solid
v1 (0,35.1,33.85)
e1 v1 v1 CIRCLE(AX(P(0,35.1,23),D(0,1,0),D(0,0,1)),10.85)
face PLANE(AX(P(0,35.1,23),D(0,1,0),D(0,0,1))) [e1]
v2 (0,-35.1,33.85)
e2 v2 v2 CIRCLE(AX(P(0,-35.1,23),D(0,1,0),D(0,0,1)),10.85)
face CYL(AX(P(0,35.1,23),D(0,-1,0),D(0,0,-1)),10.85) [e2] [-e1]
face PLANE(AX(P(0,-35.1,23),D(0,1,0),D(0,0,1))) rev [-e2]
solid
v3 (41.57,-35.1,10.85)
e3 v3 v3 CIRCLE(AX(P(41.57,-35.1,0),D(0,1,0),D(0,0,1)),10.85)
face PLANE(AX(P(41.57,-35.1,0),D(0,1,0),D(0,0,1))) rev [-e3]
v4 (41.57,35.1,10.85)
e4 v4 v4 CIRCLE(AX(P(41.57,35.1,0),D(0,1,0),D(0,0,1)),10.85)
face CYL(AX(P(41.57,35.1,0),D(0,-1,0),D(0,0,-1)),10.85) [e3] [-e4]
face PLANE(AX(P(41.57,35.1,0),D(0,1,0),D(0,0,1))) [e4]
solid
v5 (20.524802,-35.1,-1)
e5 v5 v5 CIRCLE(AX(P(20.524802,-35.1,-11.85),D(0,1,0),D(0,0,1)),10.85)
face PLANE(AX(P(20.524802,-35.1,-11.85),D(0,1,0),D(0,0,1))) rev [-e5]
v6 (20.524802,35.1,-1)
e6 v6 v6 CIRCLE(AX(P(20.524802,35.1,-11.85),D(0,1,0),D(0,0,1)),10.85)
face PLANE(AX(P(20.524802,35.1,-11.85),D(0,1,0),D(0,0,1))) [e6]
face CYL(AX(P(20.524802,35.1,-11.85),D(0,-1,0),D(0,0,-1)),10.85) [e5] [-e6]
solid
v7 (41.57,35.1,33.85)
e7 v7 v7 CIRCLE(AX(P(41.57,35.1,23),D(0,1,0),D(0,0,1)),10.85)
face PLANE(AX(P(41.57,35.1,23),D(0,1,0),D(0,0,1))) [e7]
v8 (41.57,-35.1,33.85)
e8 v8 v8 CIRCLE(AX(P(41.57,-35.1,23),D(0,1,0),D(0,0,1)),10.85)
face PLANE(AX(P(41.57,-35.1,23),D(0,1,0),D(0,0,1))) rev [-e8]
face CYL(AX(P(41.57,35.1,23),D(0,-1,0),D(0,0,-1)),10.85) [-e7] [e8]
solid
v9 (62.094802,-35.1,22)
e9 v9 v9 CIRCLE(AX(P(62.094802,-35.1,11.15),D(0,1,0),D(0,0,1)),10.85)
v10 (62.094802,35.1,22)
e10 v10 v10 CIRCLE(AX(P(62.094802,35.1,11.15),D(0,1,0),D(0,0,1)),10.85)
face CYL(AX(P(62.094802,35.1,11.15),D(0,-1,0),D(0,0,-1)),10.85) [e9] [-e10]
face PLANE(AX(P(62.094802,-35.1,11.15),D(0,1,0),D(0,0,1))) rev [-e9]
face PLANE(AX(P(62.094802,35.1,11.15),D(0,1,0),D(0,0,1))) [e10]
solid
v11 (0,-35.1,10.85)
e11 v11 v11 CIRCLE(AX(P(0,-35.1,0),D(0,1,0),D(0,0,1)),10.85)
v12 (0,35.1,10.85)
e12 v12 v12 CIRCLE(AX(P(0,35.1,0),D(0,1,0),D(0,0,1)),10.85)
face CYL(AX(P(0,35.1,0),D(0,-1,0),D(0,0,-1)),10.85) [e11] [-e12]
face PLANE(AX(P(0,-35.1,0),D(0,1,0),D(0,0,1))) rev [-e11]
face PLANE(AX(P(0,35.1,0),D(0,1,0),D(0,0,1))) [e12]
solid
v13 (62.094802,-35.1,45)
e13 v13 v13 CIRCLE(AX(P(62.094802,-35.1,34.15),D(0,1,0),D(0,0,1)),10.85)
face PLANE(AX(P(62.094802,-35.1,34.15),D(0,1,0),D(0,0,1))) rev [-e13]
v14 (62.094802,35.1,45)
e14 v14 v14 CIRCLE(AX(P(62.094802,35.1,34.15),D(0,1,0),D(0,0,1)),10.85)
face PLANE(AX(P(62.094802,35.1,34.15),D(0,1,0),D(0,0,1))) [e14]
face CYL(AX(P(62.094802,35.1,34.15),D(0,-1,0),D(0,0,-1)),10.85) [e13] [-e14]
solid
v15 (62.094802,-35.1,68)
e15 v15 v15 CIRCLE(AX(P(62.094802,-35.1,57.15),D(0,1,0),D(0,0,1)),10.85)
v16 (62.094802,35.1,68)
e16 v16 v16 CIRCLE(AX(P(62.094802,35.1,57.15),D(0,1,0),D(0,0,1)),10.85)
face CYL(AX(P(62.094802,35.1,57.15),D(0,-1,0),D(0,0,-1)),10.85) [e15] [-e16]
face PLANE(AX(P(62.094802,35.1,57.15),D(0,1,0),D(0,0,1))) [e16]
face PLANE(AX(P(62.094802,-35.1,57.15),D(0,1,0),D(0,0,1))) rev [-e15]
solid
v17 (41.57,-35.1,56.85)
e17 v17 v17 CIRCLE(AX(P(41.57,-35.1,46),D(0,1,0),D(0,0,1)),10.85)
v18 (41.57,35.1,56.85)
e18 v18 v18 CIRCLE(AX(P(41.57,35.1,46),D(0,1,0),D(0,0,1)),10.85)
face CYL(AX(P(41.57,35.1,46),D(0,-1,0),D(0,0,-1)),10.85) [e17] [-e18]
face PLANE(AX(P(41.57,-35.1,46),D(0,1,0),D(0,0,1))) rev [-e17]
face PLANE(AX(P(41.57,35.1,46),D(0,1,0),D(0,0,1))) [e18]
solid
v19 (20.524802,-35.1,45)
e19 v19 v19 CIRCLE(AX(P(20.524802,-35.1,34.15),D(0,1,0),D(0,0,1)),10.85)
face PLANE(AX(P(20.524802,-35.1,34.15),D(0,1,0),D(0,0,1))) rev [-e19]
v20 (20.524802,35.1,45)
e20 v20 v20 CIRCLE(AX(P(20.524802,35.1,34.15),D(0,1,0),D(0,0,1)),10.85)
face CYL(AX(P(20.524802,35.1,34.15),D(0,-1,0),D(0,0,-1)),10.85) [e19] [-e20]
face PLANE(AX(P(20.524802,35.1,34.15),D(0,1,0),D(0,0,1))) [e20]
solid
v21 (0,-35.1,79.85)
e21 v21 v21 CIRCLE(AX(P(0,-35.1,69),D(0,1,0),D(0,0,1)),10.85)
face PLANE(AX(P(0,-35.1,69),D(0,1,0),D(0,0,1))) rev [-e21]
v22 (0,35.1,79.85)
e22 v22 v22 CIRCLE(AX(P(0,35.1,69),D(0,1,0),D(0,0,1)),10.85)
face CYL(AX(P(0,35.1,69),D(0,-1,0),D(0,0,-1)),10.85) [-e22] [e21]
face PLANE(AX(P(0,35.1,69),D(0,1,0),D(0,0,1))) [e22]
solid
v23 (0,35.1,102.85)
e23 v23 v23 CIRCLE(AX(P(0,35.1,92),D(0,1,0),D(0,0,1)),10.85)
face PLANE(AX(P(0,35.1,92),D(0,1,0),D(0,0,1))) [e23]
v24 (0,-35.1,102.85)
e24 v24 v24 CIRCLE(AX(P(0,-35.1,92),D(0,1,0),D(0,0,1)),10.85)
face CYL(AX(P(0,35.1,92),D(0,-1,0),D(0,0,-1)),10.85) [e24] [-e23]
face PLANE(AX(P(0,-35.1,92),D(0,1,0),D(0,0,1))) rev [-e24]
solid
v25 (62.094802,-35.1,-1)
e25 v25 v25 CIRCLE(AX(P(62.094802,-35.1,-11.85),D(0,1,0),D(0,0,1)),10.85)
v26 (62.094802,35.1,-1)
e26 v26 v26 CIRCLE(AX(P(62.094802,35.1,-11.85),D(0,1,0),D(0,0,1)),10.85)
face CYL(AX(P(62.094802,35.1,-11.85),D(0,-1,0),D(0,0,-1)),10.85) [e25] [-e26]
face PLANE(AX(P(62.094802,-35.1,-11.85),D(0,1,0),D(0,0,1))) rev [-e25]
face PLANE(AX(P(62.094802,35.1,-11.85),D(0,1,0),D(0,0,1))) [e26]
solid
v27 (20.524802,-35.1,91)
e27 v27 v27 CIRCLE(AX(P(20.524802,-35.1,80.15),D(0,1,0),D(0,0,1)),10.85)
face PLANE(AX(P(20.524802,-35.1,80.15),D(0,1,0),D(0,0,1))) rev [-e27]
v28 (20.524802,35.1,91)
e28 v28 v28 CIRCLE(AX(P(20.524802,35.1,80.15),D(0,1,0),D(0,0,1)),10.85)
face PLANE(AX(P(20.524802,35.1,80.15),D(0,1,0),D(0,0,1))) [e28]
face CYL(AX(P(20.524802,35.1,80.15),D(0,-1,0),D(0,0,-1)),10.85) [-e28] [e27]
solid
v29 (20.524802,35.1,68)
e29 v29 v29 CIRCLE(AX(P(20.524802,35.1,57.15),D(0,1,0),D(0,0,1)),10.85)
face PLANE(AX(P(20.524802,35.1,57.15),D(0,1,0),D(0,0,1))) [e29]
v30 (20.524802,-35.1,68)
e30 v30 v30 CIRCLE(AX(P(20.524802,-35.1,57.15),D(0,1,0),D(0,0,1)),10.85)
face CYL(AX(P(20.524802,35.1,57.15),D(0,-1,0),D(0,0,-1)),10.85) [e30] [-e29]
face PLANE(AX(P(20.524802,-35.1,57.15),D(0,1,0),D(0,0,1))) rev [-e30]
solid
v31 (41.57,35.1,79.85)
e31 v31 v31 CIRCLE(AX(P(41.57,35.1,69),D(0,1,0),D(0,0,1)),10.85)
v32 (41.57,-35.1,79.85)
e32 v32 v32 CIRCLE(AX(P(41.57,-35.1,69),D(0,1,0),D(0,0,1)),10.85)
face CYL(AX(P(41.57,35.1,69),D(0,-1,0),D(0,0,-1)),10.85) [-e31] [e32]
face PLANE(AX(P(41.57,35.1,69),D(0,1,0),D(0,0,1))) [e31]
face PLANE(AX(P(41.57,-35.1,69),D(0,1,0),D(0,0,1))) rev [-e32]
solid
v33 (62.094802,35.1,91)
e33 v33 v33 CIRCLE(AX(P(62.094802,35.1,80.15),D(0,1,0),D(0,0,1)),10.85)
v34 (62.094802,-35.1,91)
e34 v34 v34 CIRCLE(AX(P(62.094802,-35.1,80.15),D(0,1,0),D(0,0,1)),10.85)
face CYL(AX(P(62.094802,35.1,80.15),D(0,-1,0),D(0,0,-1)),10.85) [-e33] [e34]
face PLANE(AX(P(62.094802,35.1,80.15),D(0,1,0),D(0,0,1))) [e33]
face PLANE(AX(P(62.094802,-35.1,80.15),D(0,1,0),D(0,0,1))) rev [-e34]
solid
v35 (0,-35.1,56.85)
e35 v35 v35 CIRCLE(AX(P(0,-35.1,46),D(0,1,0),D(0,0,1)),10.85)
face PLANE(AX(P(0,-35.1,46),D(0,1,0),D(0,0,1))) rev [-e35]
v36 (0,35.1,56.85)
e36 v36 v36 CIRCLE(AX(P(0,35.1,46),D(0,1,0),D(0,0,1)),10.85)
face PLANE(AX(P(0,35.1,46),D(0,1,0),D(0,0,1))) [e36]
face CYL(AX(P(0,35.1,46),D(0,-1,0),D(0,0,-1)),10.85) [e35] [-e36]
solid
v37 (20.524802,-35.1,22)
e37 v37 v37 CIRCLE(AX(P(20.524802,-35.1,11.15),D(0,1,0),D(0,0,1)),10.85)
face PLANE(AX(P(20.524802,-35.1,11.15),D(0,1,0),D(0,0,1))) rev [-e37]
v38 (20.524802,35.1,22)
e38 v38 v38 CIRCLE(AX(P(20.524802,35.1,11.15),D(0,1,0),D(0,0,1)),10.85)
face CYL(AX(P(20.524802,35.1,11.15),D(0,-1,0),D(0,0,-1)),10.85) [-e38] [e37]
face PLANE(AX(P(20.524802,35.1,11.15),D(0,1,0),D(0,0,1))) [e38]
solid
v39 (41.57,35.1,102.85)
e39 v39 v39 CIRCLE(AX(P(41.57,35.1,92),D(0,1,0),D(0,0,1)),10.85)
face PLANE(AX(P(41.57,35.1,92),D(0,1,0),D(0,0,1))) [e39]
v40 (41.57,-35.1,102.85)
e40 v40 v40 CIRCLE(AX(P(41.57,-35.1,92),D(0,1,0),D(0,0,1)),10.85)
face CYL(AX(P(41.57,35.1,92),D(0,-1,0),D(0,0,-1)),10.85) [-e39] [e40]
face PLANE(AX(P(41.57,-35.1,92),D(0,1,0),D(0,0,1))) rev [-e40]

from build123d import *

# Parameters (mm, degrees)
SKETCH1_R                    = 10.85
MOLICELLL_21700_4S5P_DEPTH   = 35.1
MOLICELLL_21700_4S5P_2_DEPTH = 35.1
LPATTERN1_COUNT              = 5
LPATTERN1_PITCH              = 23
LPATTERN2_COUNT              = 2
LPATTERN2_PITCH              = 41.57


with BuildPart() as part:
    # Sketch1 → Molicelll 21700 - 4s5p (new body, symmetric)
    with BuildSketch(Plane(origin=(0, 0, 0), x_dir=(1, 0, 0), z_dir=(0, 1, 0))):
        Circle(SKETCH1_R)
    extrude(amount=MOLICELLL_21700_4S5P_DEPTH, both=True)


with BuildPart() as body_2:
    # Sketch1 → Molicelll 21700 - 4s5p 2 (new body, symmetric)
    with BuildSketch(Plane(origin=(0, 0, 0), x_dir=(1, 0, 0), z_dir=(0, 1, 0))):
        with Locations((20.52480207, 11.85)):
            Circle(SKETCH1_R)
    extrude(amount=MOLICELLL_21700_4S5P_2_DEPTH, both=True)


with BuildPart() as lpattern1_1:
    # LPattern1: pattern copy
    add(part.part.moved(Location(Vector(0, 0, 1) * (1 * LPATTERN1_PITCH))))


with BuildPart() as lpattern1_2:
    # LPattern1: pattern copy
    add(part.part.moved(Location(Vector(0, 0, 1) * (2 * LPATTERN1_PITCH))))


with BuildPart() as lpattern1_3:
    # LPattern1: pattern copy
    add(part.part.moved(Location(Vector(0, 0, 1) * (3 * LPATTERN1_PITCH))))


with BuildPart() as lpattern1_4:
    # LPattern1: pattern copy
    add(part.part.moved(Location(Vector(0, 0, 1) * (4 * LPATTERN1_PITCH))))


with BuildPart() as lpattern1_5:
    # LPattern1: pattern copy
    add(body_2.part.moved(Location(Vector(0, 0, 1) * (1 * LPATTERN1_PITCH))))


with BuildPart() as lpattern1_6:
    # LPattern1: pattern copy
    add(body_2.part.moved(Location(Vector(0, 0, 1) * (2 * LPATTERN1_PITCH))))


with BuildPart() as lpattern1_7:
    # LPattern1: pattern copy
    add(body_2.part.moved(Location(Vector(0, 0, 1) * (3 * LPATTERN1_PITCH))))


with BuildPart() as lpattern1_8:
    # LPattern1: pattern copy
    add(body_2.part.moved(Location(Vector(0, 0, 1) * (4 * LPATTERN1_PITCH))))


with BuildPart() as lpattern2_1:
    # LPattern2: pattern copy
    add(part.part.moved(Location(Vector(1, 0, 0) * (1 * LPATTERN2_PITCH))))


with BuildPart() as lpattern2_2:
    # LPattern2: pattern copy
    add(body_2.part.moved(Location(Vector(1, 0, 0) * (1 * LPATTERN2_PITCH))))


with BuildPart() as lpattern2_3:
    # LPattern2: pattern copy
    add(lpattern1_1.part.moved(Location(Vector(1, 0, 0) * (1 * LPATTERN2_PITCH))))


with BuildPart() as lpattern2_4:
    # LPattern2: pattern copy
    add(lpattern1_5.part.moved(Location(Vector(1, 0, 0) * (1 * LPATTERN2_PITCH))))


with BuildPart() as lpattern2_5:
    # LPattern2: pattern copy
    add(lpattern1_2.part.moved(Location(Vector(1, 0, 0) * (1 * LPATTERN2_PITCH))))


with BuildPart() as lpattern2_6:
    # LPattern2: pattern copy
    add(lpattern1_6.part.moved(Location(Vector(1, 0, 0) * (1 * LPATTERN2_PITCH))))


with BuildPart() as lpattern2_7:
    # LPattern2: pattern copy
    add(lpattern1_3.part.moved(Location(Vector(1, 0, 0) * (1 * LPATTERN2_PITCH))))


with BuildPart() as lpattern2_8:
    # LPattern2: pattern copy
    add(lpattern1_7.part.moved(Location(Vector(1, 0, 0) * (1 * LPATTERN2_PITCH))))


with BuildPart() as lpattern2_9:
    # LPattern2: pattern copy
    add(lpattern1_4.part.moved(Location(Vector(1, 0, 0) * (1 * LPATTERN2_PITCH))))


with BuildPart() as lpattern2_10:
    # LPattern2: pattern copy
    add(lpattern1_8.part.moved(Location(Vector(1, 0, 0) * (1 * LPATTERN2_PITCH))))


solid = Compound([part.part, body_2.part, lpattern1_1.part, lpattern1_2.part, lpattern1_3.part, lpattern1_4.part, lpattern1_5.part, lpattern1_6.part, lpattern1_7.part, lpattern1_8.part, lpattern2_1.part, lpattern2_2.part, lpattern2_3.part, lpattern2_4.part, lpattern2_5.part, lpattern2_6.part, lpattern2_7.part, lpattern2_8.part, lpattern2_9.part, lpattern2_10.part])
